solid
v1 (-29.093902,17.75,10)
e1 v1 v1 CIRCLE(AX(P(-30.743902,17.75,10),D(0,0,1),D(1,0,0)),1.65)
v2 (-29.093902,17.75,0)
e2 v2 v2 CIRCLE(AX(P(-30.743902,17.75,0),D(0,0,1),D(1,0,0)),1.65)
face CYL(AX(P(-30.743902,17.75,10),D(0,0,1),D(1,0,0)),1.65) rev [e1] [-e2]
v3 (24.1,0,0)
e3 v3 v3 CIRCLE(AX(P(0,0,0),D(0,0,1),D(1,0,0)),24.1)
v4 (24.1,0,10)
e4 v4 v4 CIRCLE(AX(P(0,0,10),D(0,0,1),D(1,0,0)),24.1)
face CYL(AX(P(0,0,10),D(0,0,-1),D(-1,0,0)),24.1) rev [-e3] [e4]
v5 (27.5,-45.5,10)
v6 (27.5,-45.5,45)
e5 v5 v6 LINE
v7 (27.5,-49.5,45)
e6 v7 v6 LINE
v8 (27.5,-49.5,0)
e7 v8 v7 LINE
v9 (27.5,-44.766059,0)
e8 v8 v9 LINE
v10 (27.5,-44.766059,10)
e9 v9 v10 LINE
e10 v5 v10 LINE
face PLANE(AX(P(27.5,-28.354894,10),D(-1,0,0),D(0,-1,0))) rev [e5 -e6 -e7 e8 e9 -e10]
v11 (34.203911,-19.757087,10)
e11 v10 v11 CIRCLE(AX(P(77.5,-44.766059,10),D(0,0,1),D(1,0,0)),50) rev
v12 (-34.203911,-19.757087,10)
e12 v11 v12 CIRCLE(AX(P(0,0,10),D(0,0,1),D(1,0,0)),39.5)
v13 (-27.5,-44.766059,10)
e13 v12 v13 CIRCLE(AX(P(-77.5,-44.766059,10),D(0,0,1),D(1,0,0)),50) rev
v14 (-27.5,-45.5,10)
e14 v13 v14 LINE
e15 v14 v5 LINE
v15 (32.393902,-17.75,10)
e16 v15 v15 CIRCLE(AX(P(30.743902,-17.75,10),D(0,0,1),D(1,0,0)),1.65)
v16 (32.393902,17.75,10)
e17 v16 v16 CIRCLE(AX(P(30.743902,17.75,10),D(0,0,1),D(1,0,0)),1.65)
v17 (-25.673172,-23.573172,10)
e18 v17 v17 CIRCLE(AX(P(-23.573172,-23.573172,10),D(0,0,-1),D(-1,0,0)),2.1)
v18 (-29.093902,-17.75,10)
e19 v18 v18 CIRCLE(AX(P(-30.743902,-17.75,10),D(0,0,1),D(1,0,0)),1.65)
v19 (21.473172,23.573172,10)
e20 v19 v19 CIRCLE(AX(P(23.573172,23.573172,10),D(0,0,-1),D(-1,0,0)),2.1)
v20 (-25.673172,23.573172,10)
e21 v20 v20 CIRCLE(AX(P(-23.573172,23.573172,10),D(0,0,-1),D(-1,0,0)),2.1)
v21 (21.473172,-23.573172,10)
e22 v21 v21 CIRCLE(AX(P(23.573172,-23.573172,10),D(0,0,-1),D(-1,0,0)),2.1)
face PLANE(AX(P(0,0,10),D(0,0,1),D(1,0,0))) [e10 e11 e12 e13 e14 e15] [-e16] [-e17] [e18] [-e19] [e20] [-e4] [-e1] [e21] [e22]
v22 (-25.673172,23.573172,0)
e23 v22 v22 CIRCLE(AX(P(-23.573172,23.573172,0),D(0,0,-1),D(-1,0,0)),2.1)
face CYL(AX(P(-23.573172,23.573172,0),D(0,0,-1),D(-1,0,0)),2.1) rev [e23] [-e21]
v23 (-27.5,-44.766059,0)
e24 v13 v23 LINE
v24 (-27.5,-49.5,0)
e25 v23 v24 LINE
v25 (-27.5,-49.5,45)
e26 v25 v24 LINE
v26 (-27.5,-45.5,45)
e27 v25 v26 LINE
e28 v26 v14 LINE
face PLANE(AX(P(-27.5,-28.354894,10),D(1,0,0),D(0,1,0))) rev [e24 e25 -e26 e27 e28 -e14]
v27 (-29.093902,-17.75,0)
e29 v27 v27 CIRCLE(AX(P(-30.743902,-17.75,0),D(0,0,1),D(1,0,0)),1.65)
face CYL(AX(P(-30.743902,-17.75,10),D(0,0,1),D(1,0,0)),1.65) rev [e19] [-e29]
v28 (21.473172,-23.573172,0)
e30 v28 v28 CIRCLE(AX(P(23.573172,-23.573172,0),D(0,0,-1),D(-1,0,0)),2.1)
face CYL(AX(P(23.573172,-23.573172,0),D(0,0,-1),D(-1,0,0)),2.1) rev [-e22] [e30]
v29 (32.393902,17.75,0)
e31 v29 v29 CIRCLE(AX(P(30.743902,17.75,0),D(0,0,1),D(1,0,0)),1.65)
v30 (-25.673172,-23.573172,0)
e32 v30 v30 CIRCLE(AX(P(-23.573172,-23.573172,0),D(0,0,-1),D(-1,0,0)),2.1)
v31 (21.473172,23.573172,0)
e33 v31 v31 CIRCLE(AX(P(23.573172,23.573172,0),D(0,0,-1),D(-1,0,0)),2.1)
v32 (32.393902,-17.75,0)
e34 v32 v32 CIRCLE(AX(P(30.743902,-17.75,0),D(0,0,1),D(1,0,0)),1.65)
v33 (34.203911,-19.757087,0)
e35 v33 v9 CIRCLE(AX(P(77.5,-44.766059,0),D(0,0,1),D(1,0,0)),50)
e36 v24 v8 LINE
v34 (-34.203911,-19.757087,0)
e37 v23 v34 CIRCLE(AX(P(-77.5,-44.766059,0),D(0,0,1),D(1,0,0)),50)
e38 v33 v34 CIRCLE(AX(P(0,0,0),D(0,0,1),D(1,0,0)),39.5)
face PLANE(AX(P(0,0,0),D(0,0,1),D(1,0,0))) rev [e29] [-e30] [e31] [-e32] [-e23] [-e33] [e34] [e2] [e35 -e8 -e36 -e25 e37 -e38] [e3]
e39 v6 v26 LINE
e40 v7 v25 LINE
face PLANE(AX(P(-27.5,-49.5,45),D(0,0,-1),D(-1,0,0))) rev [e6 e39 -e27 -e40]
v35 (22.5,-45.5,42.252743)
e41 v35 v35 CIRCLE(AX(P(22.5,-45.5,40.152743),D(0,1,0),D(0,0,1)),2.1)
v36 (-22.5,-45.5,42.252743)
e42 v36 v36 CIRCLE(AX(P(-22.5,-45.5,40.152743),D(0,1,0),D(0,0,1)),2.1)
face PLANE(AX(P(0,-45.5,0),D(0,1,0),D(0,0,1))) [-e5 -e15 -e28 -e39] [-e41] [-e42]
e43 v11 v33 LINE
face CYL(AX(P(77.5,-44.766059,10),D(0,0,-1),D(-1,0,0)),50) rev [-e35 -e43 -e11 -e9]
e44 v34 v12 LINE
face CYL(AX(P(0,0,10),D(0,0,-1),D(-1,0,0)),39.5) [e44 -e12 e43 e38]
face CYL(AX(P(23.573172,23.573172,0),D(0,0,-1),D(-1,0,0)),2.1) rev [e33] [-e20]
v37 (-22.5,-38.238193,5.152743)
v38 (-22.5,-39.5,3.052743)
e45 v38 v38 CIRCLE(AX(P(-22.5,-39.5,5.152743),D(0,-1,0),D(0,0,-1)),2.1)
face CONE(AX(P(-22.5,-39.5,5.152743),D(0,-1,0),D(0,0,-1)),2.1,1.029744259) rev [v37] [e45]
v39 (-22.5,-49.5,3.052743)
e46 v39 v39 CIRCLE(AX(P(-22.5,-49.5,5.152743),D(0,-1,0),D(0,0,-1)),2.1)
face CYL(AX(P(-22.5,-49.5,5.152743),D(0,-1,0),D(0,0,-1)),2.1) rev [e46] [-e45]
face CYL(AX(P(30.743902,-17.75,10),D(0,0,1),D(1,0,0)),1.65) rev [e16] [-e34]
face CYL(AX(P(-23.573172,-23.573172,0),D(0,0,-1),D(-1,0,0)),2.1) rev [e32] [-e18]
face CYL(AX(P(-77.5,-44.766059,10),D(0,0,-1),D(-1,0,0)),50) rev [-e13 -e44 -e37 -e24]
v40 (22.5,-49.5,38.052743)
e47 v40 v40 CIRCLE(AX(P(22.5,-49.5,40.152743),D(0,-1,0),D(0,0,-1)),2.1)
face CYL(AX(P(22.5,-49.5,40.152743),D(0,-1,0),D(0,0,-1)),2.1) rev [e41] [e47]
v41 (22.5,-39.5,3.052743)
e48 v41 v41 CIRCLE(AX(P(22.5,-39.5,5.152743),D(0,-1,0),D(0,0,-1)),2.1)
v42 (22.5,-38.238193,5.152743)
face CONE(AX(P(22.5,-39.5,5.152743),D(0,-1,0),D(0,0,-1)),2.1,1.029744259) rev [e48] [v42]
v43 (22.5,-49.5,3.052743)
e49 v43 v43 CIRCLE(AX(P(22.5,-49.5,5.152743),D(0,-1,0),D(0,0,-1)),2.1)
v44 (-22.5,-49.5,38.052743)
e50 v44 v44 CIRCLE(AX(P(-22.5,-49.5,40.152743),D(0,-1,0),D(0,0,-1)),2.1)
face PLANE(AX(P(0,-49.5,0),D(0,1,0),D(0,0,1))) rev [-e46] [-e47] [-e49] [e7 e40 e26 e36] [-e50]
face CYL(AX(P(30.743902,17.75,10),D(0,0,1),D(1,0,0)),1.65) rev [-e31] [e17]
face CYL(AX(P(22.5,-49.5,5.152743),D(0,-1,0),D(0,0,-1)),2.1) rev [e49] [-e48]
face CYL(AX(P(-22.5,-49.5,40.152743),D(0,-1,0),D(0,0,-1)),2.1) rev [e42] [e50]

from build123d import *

# Parameters (mm, degrees)
SKETCH1_R                       = 24.1
BOSS_EXTRUDE1_DEPTH             = 10
TAP_DRILL_FOR_M5X0_8_TAP1_D     = 4.2
TAP_DRILL_FOR_M4X0_7_TAP1_D     = 3.3
SKETCH9_W                       = 55
SKETCH9_H                       = 45
BOSS_EXTRUDE2_DEPTH             = 4
TAP_DRILL_FOR_M5X0_8_TAP2_D     = 4.2
TAP_DRILL_FOR_M5X0_8_TAP2_DEPTH = 10
TAP_DRILL_FOR_M5X0_8_TAP2_TIP   = 1.2618073
FILLET1_R                       = 50


with BuildPart() as part:
    # Sketch1 → Boss-Extrude1 (new body)
    with BuildSketch(Plane.XY):
        with BuildLine():
            Line((-27.5, -28.354893758), (-27.5, -45.5))
            Line((-27.5, -45.5), (27.5, -45.5))
            Line((27.5, -45.5), (27.5, -28.354893758))
            ThreePointArc((27.5, -28.354893758), (0, 39.5), (-27.5, -28.354893758))
        make_face()
        Circle(SKETCH1_R, mode=Mode.SUBTRACT)
    extrude(amount=BOSS_EXTRUDE1_DEPTH)

    # Tap Drill for M5x0.8 Tap1 (through all)
    with Locations(Plane(origin=(23.573172318, 23.573172318, 0), x_dir=(-1, 0, 0), z_dir=(0, 0, -1))):
        with Locations((0, 0), (47.146344636, 0), (47.146344636, -47.146344636), (0, -47.146344636)):
            Hole(TAP_DRILL_FOR_M5X0_8_TAP1_D / 2)

    # Tap Drill for M4x0.7 Tap1 (through all)
    with Locations(Plane(origin=(-30.743901834, -17.75, 10), x_dir=(1, 0, 0), z_dir=(0, 0, 1))):
        with Locations((0, 0), (0, 35.5), (61.487803668, 35.5), (61.487803668, 0)):
            Hole(TAP_DRILL_FOR_M4X0_7_TAP1_D / 2)

    # Sketch9 → Boss-Extrude2 (add)
    with BuildSketch(Plane.XZ.offset(45.5)):
        with Locations((0, 22.5)):
            Rectangle(SKETCH9_W, SKETCH9_H)
    extrude(amount=BOSS_EXTRUDE2_DEPTH)

    # Tap Drill for M5x0.8 Tap2
    with Locations(Plane(origin=(-22.5, -49.5, 40.15274255), x_dir=(0, 0, -1), z_dir=(0, -1, 0))):
        with Locations((0, 0), (0, 45), (35, 45), (35, 0)):
            Hole(TAP_DRILL_FOR_M5X0_8_TAP2_D / 2, depth=TAP_DRILL_FOR_M5X0_8_TAP2_DEPTH)
            with Locations((0, 0, -(TAP_DRILL_FOR_M5X0_8_TAP2_DEPTH + TAP_DRILL_FOR_M5X0_8_TAP2_TIP / 2))):  # 118° drill point
                Cone(0, TAP_DRILL_FOR_M5X0_8_TAP2_D / 2, TAP_DRILL_FOR_M5X0_8_TAP2_TIP, mode=Mode.SUBTRACT)

    # Fillet1
    fillet1_edges = [part.edges().sort_by_distance(p)[0] for p in [
        (-27.5, -28.354893758, 5),
        (27.5, -28.354893758, 5),
    ]]
    fillet(fillet1_edges, radius=FILLET1_R)


solid = part.part
